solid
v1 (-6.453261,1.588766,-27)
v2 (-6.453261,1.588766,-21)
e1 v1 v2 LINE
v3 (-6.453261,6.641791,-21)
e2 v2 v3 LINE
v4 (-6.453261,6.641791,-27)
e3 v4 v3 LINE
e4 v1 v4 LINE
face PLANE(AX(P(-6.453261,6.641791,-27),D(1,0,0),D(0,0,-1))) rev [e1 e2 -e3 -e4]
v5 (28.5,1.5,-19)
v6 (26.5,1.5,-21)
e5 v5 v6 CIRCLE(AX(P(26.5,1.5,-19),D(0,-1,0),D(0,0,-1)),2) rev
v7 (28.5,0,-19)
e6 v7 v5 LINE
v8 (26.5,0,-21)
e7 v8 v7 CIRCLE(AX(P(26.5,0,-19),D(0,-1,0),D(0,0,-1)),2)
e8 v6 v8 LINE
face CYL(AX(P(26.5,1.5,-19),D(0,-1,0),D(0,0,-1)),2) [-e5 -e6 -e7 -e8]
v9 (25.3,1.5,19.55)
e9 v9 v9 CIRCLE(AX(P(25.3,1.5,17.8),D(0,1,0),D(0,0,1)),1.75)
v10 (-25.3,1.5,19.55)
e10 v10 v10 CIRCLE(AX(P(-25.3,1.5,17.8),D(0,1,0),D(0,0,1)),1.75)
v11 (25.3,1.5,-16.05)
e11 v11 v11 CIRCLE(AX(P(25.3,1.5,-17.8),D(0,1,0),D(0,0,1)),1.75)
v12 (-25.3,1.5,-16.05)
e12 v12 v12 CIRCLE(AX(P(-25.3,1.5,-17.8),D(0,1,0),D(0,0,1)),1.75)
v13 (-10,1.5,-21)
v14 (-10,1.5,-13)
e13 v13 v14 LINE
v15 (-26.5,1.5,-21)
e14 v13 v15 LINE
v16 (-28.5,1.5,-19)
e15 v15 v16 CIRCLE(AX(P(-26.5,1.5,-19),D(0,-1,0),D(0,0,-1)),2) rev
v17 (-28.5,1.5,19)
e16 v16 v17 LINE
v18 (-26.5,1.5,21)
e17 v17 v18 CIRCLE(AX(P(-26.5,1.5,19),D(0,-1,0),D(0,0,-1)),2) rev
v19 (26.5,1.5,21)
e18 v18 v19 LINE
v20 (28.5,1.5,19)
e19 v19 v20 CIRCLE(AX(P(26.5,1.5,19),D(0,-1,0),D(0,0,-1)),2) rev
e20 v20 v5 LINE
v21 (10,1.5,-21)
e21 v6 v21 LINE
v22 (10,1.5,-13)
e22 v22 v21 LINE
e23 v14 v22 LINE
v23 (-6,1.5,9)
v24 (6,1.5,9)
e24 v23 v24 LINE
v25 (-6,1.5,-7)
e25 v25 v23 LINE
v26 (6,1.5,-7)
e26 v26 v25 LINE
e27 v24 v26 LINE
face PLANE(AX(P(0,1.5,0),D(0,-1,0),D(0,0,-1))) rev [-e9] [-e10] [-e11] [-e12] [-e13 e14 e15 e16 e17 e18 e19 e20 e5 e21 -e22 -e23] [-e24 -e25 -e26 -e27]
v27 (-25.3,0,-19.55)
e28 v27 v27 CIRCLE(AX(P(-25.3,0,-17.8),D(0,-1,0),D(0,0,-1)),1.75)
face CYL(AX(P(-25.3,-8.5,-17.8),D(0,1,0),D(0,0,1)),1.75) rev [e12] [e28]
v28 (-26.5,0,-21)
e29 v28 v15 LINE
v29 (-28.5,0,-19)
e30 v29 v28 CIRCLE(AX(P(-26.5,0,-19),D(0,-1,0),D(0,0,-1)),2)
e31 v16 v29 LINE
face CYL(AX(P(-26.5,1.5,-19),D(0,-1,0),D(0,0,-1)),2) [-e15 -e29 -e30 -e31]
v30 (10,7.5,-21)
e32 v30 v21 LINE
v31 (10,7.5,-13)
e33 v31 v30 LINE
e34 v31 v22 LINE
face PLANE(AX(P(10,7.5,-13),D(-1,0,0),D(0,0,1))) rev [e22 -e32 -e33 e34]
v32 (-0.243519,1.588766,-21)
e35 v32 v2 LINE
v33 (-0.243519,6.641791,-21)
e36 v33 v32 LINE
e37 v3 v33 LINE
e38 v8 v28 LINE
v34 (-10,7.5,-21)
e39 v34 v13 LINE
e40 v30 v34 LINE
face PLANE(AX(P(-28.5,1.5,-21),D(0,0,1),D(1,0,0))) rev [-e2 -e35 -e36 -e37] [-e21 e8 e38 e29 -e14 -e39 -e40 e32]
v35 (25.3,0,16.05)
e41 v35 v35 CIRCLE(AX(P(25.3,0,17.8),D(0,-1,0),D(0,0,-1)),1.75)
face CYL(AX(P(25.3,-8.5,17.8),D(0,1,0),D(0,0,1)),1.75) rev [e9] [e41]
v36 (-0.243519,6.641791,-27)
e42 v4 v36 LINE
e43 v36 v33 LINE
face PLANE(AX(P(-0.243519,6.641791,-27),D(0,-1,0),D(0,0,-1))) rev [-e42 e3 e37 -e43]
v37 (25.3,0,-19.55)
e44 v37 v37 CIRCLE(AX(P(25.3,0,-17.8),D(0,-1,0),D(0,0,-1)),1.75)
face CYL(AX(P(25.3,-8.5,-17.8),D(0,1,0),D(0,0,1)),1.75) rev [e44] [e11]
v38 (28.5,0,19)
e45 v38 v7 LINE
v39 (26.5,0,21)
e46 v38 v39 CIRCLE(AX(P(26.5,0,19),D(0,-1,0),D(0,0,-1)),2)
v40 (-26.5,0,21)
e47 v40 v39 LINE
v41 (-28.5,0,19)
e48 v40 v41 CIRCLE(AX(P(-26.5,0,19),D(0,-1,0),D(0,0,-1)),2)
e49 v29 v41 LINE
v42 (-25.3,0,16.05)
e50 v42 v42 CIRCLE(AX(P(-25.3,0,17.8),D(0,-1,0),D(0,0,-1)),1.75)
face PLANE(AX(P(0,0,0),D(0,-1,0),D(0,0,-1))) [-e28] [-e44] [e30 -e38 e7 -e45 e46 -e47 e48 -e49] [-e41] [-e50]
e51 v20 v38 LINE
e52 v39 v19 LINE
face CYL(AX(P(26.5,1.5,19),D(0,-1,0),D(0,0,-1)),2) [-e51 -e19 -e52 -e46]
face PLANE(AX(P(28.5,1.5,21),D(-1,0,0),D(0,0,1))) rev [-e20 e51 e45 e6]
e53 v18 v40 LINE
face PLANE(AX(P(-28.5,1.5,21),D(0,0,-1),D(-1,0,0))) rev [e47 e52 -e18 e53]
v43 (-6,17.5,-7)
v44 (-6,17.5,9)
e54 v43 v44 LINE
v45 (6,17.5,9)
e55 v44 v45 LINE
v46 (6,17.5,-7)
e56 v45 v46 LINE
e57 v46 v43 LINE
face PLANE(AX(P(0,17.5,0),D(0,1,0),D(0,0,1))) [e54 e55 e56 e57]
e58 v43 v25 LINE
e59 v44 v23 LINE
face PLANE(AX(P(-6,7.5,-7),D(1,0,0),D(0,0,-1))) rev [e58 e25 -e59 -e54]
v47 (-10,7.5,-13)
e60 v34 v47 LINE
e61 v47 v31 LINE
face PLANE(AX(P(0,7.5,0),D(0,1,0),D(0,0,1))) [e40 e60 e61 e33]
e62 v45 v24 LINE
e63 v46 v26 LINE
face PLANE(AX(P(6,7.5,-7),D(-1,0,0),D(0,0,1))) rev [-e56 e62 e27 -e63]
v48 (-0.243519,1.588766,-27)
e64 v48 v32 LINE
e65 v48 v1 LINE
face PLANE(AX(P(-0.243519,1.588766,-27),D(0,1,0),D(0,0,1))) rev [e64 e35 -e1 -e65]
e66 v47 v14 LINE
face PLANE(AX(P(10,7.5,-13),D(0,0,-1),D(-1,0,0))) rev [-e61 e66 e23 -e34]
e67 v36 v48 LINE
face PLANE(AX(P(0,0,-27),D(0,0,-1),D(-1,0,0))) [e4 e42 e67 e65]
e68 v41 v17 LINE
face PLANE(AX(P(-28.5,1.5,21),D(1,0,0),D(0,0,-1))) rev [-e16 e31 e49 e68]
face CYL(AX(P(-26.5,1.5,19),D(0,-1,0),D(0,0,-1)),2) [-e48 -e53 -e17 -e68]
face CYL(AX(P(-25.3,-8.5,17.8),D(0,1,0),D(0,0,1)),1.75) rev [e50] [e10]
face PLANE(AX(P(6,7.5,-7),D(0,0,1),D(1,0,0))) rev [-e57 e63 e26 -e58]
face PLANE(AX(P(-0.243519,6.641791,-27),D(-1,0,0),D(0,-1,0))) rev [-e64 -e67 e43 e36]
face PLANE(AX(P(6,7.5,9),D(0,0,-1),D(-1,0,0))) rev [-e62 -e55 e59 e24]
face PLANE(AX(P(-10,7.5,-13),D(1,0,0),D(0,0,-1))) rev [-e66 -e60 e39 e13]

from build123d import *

# Parameters (mm, degrees)
SKETCH1_W           = 57
SKETCH1_H           = 42
BOSS_EXTRUDE1_DEPTH = 1.5
SKETCH2_R           = 1.75
CUT_EXTRUDE1_DEPTH  = 10
SKETCH3_W           = 12
SKETCH3_H           = 16
SKETCH3_W_2         = 20
SKETCH3_H_2         = 8
BOSS_EXTRUDE2_DEPTH = 6
SKETCH4_W           = 6.209741393
SKETCH4_H           = 5.053024859
BOSS_EXTRUDE3_DEPTH = 6
FILLET3_R           = 2
SKETCH7_W           = 12
SKETCH7_H           = 16
BOSS_EXTRUDE6_DEPTH = 10


with BuildPart() as part:
    # Sketch1 → Boss-Extrude1 (new body)
    with BuildSketch(Plane(origin=(0, 0, 0), x_dir=(1, 0, 0), z_dir=(0, 1, 0))):
        Rectangle(SKETCH1_W, SKETCH1_H)
    extrude(amount=BOSS_EXTRUDE1_DEPTH)

    # Sketch2 → Cut-Extrude1 (cut)
    with BuildSketch(Plane(origin=(0, 1.5, 0), x_dir=(1, 0, 0), z_dir=(0, 1, 0))):
        with Locations(Location((-25.3, 17.8, 0), (0, 0, 270))):
            Circle(SKETCH2_R)
        with Locations(Location((-25.3, -17.8, 0), (0, 0, 270))):
            Circle(SKETCH2_R)
        with Locations(Location((25.3, -17.8, 0), (0, 0, 270))):
            Circle(SKETCH2_R)
        with Locations(Location((25.3, 17.8, 0), (0, 0, 270))):
            Circle(SKETCH2_R)
    extrude(amount=-CUT_EXTRUDE1_DEPTH, mode=Mode.SUBTRACT)

    # Sketch3 → Boss-Extrude2 (add)
    with BuildSketch(Plane(origin=(0, 1.5, 0), x_dir=(1, 0, 0), z_dir=(0, 1, 0))):
        with Locations((0, -1)):
            Rectangle(SKETCH3_W, SKETCH3_H)
        with Locations((0, 17)):
            Rectangle(SKETCH3_W_2, SKETCH3_H_2)
    extrude(amount=BOSS_EXTRUDE2_DEPTH)

    # Sketch4 → Boss-Extrude3 (add)
    with BuildSketch(Plane(origin=(0, 0, -21), x_dir=(-1, 0, 0), z_dir=(0, 0, -1))):
        with Locations((3.348389967, 4.115278906)):
            Rectangle(SKETCH4_W, SKETCH4_H)
    extrude(amount=BOSS_EXTRUDE3_DEPTH)

    # Fillet3
    fillet3_edges = [part.edges().sort_by_distance(p)[0] for p in [
        (28.5, 0.75, 21),
        (-28.5, 0.75, 21),
        (-28.5, 0.75, -21),
        (28.5, 0.75, -21),
    ]]
    fillet(fillet3_edges, radius=FILLET3_R)

    # Sketch7 → Boss-Extrude6 (add)
    with BuildSketch(Plane(origin=(0, 7.5, 0), x_dir=(1, 0, 0), z_dir=(0, 1, 0))):
        with Locations((0, -1)):
            Rectangle(SKETCH7_W, SKETCH7_H)
    extrude(amount=BOSS_EXTRUDE6_DEPTH)


solid = part.part
